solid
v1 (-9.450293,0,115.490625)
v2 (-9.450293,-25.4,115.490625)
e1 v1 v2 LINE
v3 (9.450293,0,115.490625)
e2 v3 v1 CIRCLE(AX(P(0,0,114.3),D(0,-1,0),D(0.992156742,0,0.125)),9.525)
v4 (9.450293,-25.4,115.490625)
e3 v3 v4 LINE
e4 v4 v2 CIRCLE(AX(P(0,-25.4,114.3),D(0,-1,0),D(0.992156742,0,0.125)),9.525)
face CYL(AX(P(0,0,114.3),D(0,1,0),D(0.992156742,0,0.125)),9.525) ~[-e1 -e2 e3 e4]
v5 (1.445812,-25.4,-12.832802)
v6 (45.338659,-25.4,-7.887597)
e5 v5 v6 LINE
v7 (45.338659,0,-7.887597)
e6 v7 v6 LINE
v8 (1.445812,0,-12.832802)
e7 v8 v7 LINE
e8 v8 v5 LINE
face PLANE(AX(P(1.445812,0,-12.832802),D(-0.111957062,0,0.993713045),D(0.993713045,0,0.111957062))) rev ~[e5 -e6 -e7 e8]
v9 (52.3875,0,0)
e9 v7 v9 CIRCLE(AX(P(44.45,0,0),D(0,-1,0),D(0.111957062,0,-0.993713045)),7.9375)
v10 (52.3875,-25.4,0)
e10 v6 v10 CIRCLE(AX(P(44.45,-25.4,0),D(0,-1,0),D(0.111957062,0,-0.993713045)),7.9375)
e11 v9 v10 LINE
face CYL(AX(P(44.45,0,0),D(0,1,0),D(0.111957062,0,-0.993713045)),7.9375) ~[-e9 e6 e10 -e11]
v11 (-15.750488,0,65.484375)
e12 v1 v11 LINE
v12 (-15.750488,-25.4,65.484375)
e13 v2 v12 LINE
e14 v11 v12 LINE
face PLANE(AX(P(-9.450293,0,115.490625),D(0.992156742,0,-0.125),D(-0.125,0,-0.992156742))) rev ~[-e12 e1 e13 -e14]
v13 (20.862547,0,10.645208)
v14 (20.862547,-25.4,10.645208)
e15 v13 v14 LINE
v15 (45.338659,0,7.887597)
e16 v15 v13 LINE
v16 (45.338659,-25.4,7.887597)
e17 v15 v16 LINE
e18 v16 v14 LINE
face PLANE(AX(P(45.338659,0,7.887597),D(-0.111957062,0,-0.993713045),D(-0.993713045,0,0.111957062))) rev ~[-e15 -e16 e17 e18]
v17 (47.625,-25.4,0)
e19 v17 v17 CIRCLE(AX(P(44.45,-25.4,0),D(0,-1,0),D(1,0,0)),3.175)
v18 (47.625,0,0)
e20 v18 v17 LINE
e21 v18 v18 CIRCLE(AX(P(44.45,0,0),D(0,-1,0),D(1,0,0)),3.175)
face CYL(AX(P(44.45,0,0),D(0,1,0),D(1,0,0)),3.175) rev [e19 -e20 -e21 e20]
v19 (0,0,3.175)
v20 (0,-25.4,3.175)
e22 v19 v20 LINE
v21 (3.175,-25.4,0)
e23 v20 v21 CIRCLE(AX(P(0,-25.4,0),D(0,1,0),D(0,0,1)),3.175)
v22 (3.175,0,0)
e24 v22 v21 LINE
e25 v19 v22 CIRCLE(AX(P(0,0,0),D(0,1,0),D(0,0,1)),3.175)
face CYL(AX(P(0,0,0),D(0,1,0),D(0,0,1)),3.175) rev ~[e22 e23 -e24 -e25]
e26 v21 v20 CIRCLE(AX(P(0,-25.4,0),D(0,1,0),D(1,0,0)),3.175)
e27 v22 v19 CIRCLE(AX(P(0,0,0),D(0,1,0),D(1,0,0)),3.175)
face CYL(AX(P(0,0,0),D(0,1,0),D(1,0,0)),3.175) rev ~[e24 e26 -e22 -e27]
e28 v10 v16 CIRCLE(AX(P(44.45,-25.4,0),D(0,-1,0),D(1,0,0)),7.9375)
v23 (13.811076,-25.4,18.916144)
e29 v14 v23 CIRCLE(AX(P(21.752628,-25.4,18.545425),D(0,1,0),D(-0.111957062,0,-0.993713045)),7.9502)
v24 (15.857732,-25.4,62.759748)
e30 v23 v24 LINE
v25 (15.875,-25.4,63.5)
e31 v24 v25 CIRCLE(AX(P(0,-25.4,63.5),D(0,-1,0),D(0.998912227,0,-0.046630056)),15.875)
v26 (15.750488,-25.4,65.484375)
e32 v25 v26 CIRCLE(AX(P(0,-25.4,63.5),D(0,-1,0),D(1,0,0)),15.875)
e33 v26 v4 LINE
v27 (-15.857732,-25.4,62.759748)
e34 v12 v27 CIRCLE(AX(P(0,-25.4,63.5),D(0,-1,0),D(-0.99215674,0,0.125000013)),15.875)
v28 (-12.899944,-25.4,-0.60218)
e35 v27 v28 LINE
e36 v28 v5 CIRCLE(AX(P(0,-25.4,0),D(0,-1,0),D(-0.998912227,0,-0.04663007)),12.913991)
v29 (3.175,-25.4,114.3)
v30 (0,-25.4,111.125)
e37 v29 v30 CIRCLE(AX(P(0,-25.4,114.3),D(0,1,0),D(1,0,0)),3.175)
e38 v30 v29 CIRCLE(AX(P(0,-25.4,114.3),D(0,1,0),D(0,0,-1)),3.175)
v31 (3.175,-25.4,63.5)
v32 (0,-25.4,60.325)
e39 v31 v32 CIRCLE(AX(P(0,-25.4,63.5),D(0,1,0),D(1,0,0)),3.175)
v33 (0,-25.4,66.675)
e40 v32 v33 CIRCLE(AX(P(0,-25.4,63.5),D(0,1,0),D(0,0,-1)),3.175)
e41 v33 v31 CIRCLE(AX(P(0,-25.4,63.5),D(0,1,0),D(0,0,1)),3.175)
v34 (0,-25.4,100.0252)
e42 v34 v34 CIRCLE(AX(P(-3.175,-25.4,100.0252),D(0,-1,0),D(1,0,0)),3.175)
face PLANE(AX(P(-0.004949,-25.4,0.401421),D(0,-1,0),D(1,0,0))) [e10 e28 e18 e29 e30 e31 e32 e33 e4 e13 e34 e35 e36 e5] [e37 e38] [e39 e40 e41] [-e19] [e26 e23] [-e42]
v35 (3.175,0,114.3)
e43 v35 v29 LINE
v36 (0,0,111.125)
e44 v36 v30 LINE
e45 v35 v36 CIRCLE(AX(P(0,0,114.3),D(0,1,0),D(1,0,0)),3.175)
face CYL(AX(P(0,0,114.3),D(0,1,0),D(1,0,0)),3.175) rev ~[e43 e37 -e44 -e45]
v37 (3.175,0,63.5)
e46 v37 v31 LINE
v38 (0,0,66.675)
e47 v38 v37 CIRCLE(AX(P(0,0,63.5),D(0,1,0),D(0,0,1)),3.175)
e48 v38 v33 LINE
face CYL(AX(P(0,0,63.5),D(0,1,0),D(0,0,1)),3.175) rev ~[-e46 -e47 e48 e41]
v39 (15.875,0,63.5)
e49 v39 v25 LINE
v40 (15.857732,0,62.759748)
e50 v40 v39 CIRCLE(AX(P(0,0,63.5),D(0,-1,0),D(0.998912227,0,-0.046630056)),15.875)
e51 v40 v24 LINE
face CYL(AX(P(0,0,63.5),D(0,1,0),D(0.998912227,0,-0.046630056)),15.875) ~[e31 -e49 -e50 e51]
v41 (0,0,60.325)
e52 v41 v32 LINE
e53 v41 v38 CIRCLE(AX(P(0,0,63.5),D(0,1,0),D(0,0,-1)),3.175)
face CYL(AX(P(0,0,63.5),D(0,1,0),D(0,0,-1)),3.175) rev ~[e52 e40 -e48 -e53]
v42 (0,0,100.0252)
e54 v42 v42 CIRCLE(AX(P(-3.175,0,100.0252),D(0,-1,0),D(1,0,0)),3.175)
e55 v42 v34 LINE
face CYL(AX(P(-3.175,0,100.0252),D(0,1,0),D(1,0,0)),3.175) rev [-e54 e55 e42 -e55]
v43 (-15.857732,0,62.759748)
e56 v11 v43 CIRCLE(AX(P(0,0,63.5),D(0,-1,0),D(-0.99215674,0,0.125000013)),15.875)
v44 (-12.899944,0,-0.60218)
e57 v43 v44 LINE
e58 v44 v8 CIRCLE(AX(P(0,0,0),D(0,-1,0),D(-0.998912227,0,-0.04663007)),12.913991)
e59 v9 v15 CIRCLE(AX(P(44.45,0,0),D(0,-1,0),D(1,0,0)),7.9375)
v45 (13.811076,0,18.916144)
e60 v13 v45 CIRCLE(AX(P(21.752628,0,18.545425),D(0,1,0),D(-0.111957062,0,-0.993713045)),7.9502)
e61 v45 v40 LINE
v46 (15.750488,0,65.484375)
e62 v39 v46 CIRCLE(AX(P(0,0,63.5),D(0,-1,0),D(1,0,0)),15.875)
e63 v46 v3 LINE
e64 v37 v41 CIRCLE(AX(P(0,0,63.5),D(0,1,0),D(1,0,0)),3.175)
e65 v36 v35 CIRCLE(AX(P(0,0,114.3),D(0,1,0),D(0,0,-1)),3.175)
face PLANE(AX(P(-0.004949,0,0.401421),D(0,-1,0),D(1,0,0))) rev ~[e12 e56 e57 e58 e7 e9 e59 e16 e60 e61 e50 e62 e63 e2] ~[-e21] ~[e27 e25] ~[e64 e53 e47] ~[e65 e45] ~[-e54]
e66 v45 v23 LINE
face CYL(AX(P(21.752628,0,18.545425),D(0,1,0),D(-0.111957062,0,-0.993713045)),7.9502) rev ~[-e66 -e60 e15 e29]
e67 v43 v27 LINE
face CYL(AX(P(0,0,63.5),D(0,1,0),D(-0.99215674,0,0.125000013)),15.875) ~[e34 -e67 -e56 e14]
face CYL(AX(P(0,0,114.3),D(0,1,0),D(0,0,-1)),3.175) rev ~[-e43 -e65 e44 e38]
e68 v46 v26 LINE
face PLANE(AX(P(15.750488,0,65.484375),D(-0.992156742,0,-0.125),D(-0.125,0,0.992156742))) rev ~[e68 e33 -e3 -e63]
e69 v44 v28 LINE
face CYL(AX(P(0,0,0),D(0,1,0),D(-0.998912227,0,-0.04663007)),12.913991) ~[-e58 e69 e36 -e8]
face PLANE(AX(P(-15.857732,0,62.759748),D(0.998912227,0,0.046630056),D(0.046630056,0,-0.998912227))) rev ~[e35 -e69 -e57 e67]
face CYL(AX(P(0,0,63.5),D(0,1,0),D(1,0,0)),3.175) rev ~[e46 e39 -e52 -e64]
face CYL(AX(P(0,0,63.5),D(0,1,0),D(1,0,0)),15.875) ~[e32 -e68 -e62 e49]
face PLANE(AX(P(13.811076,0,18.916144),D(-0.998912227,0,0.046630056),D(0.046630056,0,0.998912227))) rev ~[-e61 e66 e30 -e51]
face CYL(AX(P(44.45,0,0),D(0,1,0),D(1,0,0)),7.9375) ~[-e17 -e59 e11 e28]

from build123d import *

# Parameters (mm, degrees)
F0_R     = 3.175
F1_DEPTH = 25.4


with BuildPart() as f1:
    # F0 (on Front) → F1 (new body)
    with BuildSketch(Plane.XZ):
        with BuildLine():
            ThreePointArc((12.9139914184, 0), (9.1315709041, 9.1315709041), (0, 12.9139914184))
            ThreePointArc((0, 12.9139914184), (-9.3420481109, 8.9161264824), (-12.8999439231, -0.6021803178))
            ThreePointArc((-12.8999439231, -0.6021803178), (-8.3783236603, -9.8272512432), (1.4458124092, -12.832801753))
            ThreePointArc((1.4458124092, -12.832801753), (9.6291843736, -8.6052299594), (12.9139914184, 0))
        make_face()
        with BuildLine():
            ThreePointArc((3.175, 0), (-2.2450640303, -2.2450640303), (0, 3.175))
            ThreePointArc((0, 3.175), (2.2450640303, 2.2450640303), (3.175, 0))
        make_face(mode=Mode.SUBTRACT)
        with BuildLine():
            ThreePointArc((-12.8999439231, -0.6021803178), (-9.3420481109, 8.9161264824), (0, 12.9139914184))
            Line((0, 12.9139914184), (0, 47.625))
            ThreePointArc((0, 47.625), (-10.9604772294, 52.0159430555), (-15.8577316083, 62.7597478546))
            Line((-15.8577316083, 62.7597478546), (-12.8999439231, -0.6021803178))
        make_face()
        with BuildLine():
            Line((0, 47.625), (0, 12.9139914184))
            ThreePointArc((0, 12.9139914184), (9.1315709041, 9.1315709041), (12.9139914184, 0))
            ThreePointArc((12.9139914184, 0), (9.6291843736, -8.6052299594), (1.4458124092, -12.832801753))
            Line((1.4458124092, -12.832801753), (45.3386591819, -7.8875972963))
            ThreePointArc((45.3386591819, -7.8875972963), (36.5125, 0), (45.3386591819, 7.8875972963))
            Line((45.3386591819, 7.8875972963), (20.8625465284, 10.6452079385))
            ThreePointArc((20.8625465284, 10.6452079385), (15.702707737, 13.3875042864), (13.8110755755, 18.9161436649))
            Line((13.8110755755, 18.9161436649), (15.8577316083, 62.7597478546))
            ThreePointArc((15.8577316083, 62.7597478546), (10.9604772294, 52.0159430555), (0, 47.625))
        make_face()
        with BuildLine():
            ThreePointArc((-15.8577316083, 62.7597478546), (-10.9604772294, 52.0159430555), (0, 47.625))
            Line((0, 47.625), (0, 60.325))
            ThreePointArc((0, 60.325), (-3.175, 63.5), (0, 66.675))
            Line((0, 66.675), (0, 79.375))
            ThreePointArc((0, 79.375), (-10.5003254371, 75.4062500694), (-15.7504882475, 65.4843752081))
            ThreePointArc((-15.7504882475, 65.4843752081), (-15.8627169541, 64.1243683475), (-15.8577316083, 62.7597478546))
        make_face()
        with BuildLine():
            Line((0, 60.325), (0, 47.625))
            ThreePointArc((0, 47.625), (10.9604772294, 52.0159430555), (15.8577316083, 62.7597478546))
            ThreePointArc((15.8577316083, 62.7597478546), (15.8706823149, 63.129773233), (15.875, 63.5))
            ThreePointArc((15.875, 63.5), (15.8438414904, 64.4941387366), (15.7504882737, 65.484375))
            ThreePointArc((15.7504882737, 65.484375), (10.5003255158, 75.40625), (0, 79.375))
            Line((0, 79.375), (0, 66.675))
            ThreePointArc((0, 66.675), (2.2450640303, 65.7450640303), (3.175, 63.5))
            ThreePointArc((3.175, 63.5), (2.2450640303, 61.2549359697), (0, 60.325))
        make_face()
        with BuildLine():
            Line((-9.4502929642, 115.490625), (-15.7504882475, 65.4843752081))
            ThreePointArc((-15.7504882475, 65.4843752081), (-10.5003254371, 75.4062500694), (0, 79.375))
            Line((0, 79.375), (0, 100.0252))
            Line((0, 100.0252), (0, 104.775))
            ThreePointArc((0, 104.775), (-7.14375, 107.9998046905), (-9.4502929642, 115.490625))
        make_face()
        with Locations((-3.175, 100.0252)):
            Circle(F0_R, mode=Mode.SUBTRACT)
        with BuildLine():
            ThreePointArc((45.3386591819, 7.8875972963), (36.5125, 0), (45.3386591819, -7.8875972963))
            ThreePointArc((45.3386591819, -7.8875972963), (50.3685149533, -5.2891480408), (52.3875, 0))
            ThreePointArc((52.3875, 0), (50.3685149533, 5.2891480408), (45.3386591819, 7.8875972963))
        make_face()
        with Locations((44.45, 0)):
            Circle(F0_R, mode=Mode.SUBTRACT)
        with BuildLine():
            Line((0, 100.0252), (0, 79.375))
            ThreePointArc((0, 79.375), (10.5003255158, 75.40625), (15.7504882737, 65.484375))
            Line((15.7504882737, 65.484375), (9.4502929642, 115.490625))
            ThreePointArc((9.4502929642, 115.490625), (9.5063048942, 114.896483242), (9.525, 114.3))
            ThreePointArc((9.525, 114.3), (6.7351920908, 107.5648079092), (0, 104.775))
            Line((0, 104.775), (0, 100.0252))
        make_face()
        with BuildLine():
            ThreePointArc((9.4502929642, 115.490625), (0, 123.825), (-9.4502929642, 115.490625))
            ThreePointArc((-9.4502929642, 115.490625), (-7.14375, 107.9998046905), (0, 104.775))
            ThreePointArc((0, 104.775), (6.7351920908, 107.5648079092), (9.525, 114.3))
            ThreePointArc((9.525, 114.3), (9.5063048942, 114.896483242), (9.4502929642, 115.490625))
        make_face()
        with BuildLine():
            ThreePointArc((3.175, 114.3), (2.2450640303, 112.0549359697), (0, 111.125))
            ThreePointArc((0, 111.125), (-2.2450640303, 116.5450640303), (3.175, 114.3))
        make_face(mode=Mode.SUBTRACT)
    extrude(amount=F1_DEPTH)


solid = f1.part
